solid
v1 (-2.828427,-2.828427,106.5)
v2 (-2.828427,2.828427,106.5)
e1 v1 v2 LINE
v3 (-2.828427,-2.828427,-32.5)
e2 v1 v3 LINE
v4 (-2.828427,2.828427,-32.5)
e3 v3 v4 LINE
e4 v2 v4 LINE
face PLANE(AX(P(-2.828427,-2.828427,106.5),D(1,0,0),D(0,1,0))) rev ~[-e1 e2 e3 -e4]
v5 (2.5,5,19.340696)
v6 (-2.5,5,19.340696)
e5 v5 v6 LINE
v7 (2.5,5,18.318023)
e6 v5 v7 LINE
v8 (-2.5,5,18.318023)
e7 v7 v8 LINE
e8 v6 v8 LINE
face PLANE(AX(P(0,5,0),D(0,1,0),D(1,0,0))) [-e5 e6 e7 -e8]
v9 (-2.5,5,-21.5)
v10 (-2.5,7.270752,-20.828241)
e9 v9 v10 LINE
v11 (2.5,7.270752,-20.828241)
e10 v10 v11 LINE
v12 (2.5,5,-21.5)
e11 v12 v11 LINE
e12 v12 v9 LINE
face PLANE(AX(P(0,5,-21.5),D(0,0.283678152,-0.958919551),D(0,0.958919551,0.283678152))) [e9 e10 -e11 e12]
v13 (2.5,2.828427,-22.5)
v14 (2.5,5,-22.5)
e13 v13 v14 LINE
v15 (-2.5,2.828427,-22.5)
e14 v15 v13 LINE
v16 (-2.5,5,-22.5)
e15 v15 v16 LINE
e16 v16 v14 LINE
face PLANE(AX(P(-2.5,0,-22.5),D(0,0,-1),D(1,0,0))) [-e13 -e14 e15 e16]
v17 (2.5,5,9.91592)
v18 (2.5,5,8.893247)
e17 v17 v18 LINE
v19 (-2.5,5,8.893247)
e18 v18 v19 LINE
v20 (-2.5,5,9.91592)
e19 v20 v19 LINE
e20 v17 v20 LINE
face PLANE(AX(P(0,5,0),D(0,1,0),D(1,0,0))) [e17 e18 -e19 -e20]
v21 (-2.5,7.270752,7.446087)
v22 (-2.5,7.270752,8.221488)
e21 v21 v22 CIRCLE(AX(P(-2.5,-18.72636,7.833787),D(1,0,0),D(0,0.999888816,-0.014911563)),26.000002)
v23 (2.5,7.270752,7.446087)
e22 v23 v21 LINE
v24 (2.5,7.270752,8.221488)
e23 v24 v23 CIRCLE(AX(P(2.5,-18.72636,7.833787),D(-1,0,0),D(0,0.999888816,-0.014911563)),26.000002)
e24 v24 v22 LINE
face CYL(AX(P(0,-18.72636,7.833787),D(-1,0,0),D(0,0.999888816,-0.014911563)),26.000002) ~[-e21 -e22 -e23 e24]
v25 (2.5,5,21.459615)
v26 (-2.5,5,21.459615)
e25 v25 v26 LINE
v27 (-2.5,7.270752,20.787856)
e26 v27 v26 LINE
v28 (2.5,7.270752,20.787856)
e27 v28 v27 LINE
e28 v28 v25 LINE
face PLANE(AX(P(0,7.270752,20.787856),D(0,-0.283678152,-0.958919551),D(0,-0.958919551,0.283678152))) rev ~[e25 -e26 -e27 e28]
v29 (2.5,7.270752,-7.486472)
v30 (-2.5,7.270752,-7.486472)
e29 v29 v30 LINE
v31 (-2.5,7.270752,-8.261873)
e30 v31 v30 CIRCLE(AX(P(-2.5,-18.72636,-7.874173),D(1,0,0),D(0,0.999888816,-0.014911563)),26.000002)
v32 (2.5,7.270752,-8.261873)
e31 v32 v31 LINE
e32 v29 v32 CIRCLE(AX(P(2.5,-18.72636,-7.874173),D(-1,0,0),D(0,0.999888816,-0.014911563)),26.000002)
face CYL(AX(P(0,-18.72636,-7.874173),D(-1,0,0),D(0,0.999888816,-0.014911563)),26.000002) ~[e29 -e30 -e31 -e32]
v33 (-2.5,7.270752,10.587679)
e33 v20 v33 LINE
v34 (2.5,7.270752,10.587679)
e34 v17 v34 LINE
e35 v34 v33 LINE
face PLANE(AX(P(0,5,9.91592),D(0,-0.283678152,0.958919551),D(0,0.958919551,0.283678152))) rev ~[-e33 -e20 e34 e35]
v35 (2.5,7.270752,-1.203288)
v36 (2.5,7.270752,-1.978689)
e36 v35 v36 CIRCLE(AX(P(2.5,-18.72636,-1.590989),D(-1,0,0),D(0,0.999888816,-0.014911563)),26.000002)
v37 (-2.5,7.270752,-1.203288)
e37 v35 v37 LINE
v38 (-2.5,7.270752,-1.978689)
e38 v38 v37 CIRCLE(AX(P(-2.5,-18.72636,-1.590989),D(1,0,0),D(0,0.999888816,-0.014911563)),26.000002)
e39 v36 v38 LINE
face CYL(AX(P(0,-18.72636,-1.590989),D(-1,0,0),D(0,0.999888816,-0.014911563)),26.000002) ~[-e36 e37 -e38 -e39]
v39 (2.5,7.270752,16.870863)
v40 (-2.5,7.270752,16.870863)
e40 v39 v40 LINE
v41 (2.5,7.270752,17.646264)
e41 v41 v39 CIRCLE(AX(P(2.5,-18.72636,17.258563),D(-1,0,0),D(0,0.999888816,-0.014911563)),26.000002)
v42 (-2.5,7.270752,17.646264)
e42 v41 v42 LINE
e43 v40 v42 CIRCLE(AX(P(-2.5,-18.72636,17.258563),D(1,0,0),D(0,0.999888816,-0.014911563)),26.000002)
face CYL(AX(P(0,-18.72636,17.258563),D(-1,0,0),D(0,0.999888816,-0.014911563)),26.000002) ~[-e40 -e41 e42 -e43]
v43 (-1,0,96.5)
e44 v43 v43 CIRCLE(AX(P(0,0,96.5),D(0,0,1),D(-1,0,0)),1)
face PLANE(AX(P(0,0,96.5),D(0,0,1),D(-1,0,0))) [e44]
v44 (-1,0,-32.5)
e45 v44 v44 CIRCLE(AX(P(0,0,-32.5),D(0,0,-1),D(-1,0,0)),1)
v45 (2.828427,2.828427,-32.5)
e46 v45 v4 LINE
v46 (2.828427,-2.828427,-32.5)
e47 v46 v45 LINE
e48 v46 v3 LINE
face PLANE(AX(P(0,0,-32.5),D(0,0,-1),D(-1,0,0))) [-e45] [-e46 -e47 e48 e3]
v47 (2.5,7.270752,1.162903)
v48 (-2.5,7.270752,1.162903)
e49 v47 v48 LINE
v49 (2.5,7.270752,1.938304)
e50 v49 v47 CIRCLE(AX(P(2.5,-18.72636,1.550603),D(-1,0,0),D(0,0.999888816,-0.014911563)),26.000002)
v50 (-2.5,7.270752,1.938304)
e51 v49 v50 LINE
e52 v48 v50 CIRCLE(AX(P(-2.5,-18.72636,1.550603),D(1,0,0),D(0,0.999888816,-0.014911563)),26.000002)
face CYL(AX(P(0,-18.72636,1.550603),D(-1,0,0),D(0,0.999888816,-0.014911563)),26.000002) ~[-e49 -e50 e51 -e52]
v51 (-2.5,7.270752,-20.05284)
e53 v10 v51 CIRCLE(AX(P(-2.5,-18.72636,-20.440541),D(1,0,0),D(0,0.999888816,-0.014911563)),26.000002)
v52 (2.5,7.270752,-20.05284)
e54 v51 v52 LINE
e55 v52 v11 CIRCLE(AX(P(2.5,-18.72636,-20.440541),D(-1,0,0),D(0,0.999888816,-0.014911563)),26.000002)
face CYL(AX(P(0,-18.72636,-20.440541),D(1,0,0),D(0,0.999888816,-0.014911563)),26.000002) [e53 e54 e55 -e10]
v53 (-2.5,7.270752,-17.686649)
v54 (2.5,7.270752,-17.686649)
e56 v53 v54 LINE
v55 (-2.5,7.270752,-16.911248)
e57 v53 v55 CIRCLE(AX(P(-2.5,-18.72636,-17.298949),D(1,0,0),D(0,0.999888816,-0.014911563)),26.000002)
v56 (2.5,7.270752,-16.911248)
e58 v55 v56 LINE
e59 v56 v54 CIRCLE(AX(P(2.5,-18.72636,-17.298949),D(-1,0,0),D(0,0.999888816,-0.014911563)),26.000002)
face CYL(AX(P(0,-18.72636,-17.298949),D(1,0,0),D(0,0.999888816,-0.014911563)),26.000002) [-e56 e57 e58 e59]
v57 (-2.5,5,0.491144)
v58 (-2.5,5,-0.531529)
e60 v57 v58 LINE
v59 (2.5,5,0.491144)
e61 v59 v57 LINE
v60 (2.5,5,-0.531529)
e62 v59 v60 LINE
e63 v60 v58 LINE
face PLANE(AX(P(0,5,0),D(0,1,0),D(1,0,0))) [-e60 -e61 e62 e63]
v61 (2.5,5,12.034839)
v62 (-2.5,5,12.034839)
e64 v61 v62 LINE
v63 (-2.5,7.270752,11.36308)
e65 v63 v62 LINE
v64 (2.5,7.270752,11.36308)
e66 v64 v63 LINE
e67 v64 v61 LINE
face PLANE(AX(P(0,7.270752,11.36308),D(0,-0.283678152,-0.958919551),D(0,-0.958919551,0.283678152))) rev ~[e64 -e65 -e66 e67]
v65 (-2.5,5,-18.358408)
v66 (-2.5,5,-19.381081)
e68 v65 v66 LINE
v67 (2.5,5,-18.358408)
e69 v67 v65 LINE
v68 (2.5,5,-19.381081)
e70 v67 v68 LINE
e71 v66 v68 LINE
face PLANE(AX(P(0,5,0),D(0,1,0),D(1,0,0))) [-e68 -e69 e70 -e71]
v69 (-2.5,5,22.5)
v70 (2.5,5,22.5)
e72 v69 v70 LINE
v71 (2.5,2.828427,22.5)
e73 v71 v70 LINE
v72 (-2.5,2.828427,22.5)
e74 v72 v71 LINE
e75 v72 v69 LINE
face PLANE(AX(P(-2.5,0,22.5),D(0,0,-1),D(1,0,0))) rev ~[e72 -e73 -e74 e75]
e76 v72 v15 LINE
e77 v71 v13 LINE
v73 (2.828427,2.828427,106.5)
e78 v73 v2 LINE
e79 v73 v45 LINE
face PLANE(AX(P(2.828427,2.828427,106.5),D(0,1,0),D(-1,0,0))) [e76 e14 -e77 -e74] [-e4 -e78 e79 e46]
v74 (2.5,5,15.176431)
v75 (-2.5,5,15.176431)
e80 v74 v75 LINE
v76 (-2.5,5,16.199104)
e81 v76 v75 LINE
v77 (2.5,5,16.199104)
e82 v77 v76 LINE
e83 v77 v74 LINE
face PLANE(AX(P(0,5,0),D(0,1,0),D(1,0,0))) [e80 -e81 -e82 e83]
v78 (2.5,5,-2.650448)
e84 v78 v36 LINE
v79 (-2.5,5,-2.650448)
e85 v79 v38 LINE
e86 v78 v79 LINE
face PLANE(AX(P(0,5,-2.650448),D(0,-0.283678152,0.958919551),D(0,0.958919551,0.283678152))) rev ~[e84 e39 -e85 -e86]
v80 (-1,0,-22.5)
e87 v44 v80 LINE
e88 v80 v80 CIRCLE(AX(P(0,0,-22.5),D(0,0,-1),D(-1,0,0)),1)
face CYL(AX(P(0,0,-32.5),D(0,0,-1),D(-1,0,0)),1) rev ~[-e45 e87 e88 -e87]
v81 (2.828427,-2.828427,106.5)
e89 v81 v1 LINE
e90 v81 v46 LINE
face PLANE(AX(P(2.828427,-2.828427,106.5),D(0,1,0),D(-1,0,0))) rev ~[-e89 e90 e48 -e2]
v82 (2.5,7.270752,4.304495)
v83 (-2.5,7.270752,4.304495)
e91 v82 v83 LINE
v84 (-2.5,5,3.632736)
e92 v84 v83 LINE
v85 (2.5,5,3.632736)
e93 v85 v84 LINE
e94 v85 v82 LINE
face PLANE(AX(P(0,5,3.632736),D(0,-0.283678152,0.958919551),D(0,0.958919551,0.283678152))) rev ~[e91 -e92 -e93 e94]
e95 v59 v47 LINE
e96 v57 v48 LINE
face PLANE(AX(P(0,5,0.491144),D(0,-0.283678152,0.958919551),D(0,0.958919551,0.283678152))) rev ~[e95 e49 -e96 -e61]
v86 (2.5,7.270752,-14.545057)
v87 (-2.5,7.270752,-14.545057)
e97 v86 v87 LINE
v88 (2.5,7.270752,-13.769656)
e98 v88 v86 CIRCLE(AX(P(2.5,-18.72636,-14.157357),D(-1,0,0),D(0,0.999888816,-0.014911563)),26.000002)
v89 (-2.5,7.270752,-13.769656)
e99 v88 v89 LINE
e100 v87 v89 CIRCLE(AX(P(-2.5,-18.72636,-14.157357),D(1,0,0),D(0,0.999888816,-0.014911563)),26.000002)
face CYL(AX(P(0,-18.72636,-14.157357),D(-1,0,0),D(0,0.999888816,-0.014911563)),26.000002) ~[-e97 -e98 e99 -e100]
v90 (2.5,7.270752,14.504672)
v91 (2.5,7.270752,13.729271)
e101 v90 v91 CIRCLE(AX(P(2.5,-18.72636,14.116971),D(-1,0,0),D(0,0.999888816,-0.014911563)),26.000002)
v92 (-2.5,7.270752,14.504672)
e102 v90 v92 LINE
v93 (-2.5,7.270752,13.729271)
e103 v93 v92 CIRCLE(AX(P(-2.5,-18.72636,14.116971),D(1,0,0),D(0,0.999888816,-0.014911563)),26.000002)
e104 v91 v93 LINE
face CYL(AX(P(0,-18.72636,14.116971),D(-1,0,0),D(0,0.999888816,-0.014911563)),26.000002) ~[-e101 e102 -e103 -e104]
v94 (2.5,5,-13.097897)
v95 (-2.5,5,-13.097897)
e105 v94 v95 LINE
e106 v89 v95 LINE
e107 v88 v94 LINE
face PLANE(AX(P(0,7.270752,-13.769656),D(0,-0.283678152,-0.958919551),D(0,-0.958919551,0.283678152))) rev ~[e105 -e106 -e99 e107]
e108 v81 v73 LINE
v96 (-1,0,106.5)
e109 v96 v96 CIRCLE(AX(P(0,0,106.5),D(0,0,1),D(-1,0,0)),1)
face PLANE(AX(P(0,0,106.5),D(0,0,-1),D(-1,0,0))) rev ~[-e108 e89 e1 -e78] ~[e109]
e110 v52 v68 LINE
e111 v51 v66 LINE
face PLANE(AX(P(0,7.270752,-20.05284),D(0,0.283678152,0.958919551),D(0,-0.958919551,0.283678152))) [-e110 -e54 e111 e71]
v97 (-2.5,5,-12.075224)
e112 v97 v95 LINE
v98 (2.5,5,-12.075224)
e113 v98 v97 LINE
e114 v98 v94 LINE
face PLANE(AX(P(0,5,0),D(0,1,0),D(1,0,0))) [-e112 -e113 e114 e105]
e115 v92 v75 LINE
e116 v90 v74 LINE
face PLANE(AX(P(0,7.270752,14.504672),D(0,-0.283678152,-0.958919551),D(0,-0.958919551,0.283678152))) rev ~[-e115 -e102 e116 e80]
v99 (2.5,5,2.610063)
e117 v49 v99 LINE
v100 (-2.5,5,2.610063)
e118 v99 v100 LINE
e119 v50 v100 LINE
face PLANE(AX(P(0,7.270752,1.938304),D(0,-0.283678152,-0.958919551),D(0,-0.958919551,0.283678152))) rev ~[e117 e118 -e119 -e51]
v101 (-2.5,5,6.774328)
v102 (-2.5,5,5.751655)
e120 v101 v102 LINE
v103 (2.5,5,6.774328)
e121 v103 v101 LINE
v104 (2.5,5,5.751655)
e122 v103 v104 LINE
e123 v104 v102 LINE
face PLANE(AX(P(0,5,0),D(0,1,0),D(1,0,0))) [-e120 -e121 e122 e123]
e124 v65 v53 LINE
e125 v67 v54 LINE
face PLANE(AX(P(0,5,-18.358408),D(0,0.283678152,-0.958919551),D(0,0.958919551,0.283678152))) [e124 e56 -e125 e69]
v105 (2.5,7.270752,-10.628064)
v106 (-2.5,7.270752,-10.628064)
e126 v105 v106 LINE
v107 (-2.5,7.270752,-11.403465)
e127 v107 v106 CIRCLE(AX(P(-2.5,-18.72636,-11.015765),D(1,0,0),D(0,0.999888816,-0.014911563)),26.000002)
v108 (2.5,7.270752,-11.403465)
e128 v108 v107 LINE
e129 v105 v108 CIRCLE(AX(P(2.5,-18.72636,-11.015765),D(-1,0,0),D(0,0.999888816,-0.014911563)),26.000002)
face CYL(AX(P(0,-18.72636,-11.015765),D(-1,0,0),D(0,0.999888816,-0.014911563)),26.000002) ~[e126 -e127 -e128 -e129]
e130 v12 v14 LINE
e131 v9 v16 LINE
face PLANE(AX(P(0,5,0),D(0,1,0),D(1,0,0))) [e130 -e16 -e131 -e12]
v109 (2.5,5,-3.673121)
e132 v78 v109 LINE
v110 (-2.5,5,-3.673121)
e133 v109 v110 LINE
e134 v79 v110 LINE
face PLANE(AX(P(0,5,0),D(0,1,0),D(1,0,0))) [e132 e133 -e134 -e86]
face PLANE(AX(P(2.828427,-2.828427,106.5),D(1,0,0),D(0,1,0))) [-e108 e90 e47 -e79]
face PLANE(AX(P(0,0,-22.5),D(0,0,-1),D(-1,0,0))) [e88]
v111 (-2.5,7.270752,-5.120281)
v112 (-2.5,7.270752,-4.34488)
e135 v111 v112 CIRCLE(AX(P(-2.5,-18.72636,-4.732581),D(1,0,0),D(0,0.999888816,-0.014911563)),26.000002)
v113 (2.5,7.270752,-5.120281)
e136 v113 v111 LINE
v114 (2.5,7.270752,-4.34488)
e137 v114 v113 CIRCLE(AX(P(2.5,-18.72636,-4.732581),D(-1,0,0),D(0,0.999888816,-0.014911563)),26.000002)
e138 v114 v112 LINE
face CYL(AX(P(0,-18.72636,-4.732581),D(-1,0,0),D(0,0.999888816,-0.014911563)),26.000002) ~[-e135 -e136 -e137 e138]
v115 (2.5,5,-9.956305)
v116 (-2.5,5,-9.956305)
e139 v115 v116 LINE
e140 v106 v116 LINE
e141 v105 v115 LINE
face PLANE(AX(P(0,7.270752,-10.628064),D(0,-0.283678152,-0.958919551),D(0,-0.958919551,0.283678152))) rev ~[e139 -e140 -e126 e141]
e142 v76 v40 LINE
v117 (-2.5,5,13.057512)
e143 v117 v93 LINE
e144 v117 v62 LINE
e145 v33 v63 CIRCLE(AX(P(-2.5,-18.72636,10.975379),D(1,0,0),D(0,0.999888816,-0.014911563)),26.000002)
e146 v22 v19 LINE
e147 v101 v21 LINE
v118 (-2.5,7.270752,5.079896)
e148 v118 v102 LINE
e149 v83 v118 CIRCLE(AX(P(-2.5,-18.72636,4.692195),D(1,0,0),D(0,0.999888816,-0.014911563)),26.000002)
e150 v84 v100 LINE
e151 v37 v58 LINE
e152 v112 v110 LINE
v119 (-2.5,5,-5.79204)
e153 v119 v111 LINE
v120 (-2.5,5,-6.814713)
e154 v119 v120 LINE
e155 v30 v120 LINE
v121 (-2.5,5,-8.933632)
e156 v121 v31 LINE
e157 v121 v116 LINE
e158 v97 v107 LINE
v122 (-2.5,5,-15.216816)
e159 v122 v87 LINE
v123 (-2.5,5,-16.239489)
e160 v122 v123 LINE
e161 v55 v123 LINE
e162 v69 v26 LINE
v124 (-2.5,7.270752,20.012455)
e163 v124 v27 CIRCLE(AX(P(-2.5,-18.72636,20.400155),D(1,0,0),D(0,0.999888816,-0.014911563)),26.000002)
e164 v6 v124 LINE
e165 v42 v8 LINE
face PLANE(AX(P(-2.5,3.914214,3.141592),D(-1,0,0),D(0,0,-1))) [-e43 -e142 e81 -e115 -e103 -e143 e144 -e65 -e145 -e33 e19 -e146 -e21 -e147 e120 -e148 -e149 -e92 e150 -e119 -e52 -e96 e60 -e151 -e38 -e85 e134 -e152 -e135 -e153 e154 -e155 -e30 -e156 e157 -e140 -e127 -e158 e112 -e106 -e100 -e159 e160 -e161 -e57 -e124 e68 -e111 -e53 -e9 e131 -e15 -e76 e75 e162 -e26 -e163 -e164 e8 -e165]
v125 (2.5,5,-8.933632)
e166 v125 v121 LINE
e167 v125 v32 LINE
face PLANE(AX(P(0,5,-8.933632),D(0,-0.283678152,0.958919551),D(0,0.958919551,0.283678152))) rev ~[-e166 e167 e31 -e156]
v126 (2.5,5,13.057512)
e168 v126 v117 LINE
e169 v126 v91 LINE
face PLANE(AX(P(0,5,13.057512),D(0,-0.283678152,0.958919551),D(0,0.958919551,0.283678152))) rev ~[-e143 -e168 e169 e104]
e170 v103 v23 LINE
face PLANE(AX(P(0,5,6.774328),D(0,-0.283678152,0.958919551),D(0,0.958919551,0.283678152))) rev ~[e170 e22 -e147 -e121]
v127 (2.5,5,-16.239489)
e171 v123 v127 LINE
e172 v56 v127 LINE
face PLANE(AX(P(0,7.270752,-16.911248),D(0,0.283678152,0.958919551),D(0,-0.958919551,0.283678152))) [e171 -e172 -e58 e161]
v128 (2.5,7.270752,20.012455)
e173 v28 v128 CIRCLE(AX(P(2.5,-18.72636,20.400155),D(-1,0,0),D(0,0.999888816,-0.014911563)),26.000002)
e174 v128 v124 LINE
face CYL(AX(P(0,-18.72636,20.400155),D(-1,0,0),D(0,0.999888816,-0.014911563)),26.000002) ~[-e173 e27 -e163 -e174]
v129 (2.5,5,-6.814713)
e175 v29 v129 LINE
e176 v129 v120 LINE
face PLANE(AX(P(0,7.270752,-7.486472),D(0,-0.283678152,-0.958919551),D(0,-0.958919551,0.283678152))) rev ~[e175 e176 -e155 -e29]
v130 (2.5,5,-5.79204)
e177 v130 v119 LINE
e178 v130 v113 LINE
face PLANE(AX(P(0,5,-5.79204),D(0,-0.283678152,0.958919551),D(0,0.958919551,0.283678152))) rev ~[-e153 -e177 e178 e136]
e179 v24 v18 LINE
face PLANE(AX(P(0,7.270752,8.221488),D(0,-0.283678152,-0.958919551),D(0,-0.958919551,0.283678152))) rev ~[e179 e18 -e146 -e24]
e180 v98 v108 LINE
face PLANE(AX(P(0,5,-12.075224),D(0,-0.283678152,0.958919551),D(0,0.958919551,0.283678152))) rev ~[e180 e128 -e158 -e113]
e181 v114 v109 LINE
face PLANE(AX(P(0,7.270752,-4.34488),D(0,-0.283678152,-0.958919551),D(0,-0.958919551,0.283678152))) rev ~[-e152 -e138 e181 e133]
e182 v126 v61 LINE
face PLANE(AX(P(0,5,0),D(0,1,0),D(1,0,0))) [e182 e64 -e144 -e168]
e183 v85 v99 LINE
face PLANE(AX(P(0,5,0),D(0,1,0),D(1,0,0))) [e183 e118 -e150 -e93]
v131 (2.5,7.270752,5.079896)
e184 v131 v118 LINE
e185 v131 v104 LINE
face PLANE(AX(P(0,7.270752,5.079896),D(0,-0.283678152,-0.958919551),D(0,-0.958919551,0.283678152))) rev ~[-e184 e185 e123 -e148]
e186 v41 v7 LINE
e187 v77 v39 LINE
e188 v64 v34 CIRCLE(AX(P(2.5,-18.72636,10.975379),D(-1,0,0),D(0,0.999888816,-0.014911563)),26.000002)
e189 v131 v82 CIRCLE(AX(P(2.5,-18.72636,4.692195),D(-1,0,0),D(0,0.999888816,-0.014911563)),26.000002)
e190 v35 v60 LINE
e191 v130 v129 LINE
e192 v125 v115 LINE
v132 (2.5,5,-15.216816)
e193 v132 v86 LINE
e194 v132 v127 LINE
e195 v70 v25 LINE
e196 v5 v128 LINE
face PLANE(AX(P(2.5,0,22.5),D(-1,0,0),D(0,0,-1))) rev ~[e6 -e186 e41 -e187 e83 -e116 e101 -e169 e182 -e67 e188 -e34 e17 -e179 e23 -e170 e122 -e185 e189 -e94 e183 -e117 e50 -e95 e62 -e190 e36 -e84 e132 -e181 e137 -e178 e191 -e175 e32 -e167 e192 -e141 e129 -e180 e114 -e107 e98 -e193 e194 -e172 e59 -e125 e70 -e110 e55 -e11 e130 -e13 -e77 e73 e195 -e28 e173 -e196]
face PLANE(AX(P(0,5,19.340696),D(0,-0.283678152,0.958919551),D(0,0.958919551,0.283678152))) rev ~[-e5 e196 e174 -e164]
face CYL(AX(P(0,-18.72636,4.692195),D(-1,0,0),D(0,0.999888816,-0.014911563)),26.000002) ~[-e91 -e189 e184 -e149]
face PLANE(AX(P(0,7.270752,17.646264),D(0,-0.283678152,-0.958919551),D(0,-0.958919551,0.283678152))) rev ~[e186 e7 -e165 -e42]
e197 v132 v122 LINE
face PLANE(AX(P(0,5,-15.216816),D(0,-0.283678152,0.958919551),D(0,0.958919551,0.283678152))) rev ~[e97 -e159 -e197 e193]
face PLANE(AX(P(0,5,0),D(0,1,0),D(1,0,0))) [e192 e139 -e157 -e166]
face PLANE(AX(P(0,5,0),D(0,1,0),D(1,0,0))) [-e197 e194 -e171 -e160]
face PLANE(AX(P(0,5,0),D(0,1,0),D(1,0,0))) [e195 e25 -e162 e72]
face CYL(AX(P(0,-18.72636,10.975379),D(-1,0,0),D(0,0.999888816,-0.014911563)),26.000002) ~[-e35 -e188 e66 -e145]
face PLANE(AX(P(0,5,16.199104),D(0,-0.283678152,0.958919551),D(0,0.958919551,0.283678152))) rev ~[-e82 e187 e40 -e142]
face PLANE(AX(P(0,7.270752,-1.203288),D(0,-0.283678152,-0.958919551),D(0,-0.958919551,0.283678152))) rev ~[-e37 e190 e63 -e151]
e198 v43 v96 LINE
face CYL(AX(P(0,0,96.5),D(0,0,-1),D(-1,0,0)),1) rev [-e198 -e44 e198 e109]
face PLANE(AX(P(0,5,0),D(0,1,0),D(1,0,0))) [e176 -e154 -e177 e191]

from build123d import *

# Parameters (mm, degrees)
ESQUISSE1_W                    = 5
ESQUISSE1_H                    = 45
BOSS_EXTRU_1_DEPTH             = 5
CARR_DEPTH                     = 10
CARR_DEPTH_BACK                = 129
ESQUISSE7_W                    = 5.65685425
ESQUISSE7_H                    = 5.65685425
BOSS_EXTRU_3_REACH             = 108.655
BOSS_EXTRU_3_DIRECTION_2_REACH = 108.655
R_P_TITION_LIN_AIRE1_COUNT     = 14
R_P_TITION_LIN_AIRE1_PITCH     = 3.141592
ESQUISSE8_R                    = 1
ENL_V_MAT_EXTRU_3_DEPTH        = 10
ENL_V_START                    = -10
ESQUISSE9_R                    = 1
ENL_V_MAT_EXTRU_4_DEPTH        = 10


with BuildPart() as part:
    # Esquisse1 → Boss.-Extru.1 (new body)
    with BuildSketch(Plane(origin=(0, 0, 0), x_dir=(1, 0, 0), z_dir=(0, 1, 0))):
        Rectangle(ESQUISSE1_W, ESQUISSE1_H)
    extrude(amount=BOSS_EXTRU_1_DEPTH)

    # Esquisse7 → Carré (add, two sides: drawn at the far end of the back side and taken through both)
    with BuildSketch(Plane(origin=(0, 0, -22.5), x_dir=(-1, 0, 0), z_dir=(0, 0, -1)).offset(-CARR_DEPTH_BACK)):
        Rectangle(ESQUISSE7_W, ESQUISSE7_H)
    extrude(amount=CARR_DEPTH + CARR_DEPTH_BACK)

    # Boss.-Extru.3: up to this face of the body (flat: up to its plane)
    boss_extru_3_end = Plane(part.part.faces().sort_by_distance((2.5, 3.914213562, 0))[0])
    # Esquisse3 → Boss.-Extru.3 (add, up to the picked face)
    with BuildSketch(Plane(origin=(0, 0, 0), x_dir=(0, 0, -1), z_dir=(1, 0, 0)), mode=Mode.PRIVATE) as boss_extru_3_sk1:
        with BuildLine():
            Line((19.381081141, 5), (21.5, 5))
            Line((21.5, 5), (20.828241228, 7.270751612))
            ThreePointArc((20.828241228, 7.270751612), (20.440540571, 7.273642384), (20.052839914, 7.270751612))
            Line((20.052839914, 7.270751612), (19.381081141, 5))
        make_face()
    boss_extru_3_tool1 = split(extrude(boss_extru_3_sk1.sketch, amount=BOSS_EXTRU_3_REACH, mode=Mode.PRIVATE), bisect_by=boss_extru_3_end, keep=Keep.BOTH, mode=Mode.PRIVATE)
    boss_extru_3 = boss_extru_3_tool1.solids().sort_by(Axis((0, 5.960295, -20.440541), (1, 0, 0)))[0]
    add(boss_extru_3)

    # Boss.-Extru.3 direction 2: up to this face of the body (flat: up to its plane)
    boss_extru_3_direction_2_end = Plane(part.part.faces().sort_by_distance((-2.5, 3.914213562, 0))[0])
    # Esquisse3 → Boss.-Extru.3 direction 2 (add, up to the picked face)
    with BuildSketch(Plane(origin=(0, 0, 0), x_dir=(0, 0, -1), z_dir=(1, 0, 0)), mode=Mode.PRIVATE) as boss_extru_3_direction_2_sk1:
        with BuildLine():
            Line((19.381081141, 5), (21.5, 5))
            Line((21.5, 5), (20.828241228, 7.270751612))
            ThreePointArc((20.828241228, 7.270751612), (20.440540571, 7.273642384), (20.052839914, 7.270751612))
            Line((20.052839914, 7.270751612), (19.381081141, 5))
        make_face()
    boss_extru_3_direction_2_tool1 = split(extrude(boss_extru_3_direction_2_sk1.sketch, amount=-BOSS_EXTRU_3_DIRECTION_2_REACH, mode=Mode.PRIVATE), bisect_by=boss_extru_3_direction_2_end, keep=Keep.BOTH, mode=Mode.PRIVATE)
    boss_extru_3_direction_2 = boss_extru_3_direction_2_tool1.solids().sort_by(Axis((0, 5.960295, -20.440541), (-1, 0, 0)))[0]
    add(boss_extru_3_direction_2)

    # Répétition linéaire1: Boss.-Extru.3, Boss.-Extru.3 direction 2 ×14
    with Locations(*[(0, 0, i * R_P_TITION_LIN_AIRE1_PITCH) for i in range(1, R_P_TITION_LIN_AIRE1_COUNT)]):
        add(boss_extru_3)
        add(boss_extru_3_direction_2)

    # Esquisse8 → Enlèv. mat.-Extru.3 (cut)
    with BuildSketch(Plane(origin=(0, 0, -32.5), x_dir=(-1, 0, 0), z_dir=(0, 0, -1))):
        Circle(ESQUISSE8_R)
    extrude(amount=-ENL_V_MAT_EXTRU_3_DEPTH, mode=Mode.SUBTRACT)

    # Esquisse9 → Enlèv. mat.-Extru.4 (cut)
    with BuildSketch(Plane.XY.offset(106.5).offset(ENL_V_START)):
        Circle(ESQUISSE9_R)
    extrude(amount=ENL_V_MAT_EXTRU_4_DEPTH, mode=Mode.SUBTRACT)


solid = part.part
